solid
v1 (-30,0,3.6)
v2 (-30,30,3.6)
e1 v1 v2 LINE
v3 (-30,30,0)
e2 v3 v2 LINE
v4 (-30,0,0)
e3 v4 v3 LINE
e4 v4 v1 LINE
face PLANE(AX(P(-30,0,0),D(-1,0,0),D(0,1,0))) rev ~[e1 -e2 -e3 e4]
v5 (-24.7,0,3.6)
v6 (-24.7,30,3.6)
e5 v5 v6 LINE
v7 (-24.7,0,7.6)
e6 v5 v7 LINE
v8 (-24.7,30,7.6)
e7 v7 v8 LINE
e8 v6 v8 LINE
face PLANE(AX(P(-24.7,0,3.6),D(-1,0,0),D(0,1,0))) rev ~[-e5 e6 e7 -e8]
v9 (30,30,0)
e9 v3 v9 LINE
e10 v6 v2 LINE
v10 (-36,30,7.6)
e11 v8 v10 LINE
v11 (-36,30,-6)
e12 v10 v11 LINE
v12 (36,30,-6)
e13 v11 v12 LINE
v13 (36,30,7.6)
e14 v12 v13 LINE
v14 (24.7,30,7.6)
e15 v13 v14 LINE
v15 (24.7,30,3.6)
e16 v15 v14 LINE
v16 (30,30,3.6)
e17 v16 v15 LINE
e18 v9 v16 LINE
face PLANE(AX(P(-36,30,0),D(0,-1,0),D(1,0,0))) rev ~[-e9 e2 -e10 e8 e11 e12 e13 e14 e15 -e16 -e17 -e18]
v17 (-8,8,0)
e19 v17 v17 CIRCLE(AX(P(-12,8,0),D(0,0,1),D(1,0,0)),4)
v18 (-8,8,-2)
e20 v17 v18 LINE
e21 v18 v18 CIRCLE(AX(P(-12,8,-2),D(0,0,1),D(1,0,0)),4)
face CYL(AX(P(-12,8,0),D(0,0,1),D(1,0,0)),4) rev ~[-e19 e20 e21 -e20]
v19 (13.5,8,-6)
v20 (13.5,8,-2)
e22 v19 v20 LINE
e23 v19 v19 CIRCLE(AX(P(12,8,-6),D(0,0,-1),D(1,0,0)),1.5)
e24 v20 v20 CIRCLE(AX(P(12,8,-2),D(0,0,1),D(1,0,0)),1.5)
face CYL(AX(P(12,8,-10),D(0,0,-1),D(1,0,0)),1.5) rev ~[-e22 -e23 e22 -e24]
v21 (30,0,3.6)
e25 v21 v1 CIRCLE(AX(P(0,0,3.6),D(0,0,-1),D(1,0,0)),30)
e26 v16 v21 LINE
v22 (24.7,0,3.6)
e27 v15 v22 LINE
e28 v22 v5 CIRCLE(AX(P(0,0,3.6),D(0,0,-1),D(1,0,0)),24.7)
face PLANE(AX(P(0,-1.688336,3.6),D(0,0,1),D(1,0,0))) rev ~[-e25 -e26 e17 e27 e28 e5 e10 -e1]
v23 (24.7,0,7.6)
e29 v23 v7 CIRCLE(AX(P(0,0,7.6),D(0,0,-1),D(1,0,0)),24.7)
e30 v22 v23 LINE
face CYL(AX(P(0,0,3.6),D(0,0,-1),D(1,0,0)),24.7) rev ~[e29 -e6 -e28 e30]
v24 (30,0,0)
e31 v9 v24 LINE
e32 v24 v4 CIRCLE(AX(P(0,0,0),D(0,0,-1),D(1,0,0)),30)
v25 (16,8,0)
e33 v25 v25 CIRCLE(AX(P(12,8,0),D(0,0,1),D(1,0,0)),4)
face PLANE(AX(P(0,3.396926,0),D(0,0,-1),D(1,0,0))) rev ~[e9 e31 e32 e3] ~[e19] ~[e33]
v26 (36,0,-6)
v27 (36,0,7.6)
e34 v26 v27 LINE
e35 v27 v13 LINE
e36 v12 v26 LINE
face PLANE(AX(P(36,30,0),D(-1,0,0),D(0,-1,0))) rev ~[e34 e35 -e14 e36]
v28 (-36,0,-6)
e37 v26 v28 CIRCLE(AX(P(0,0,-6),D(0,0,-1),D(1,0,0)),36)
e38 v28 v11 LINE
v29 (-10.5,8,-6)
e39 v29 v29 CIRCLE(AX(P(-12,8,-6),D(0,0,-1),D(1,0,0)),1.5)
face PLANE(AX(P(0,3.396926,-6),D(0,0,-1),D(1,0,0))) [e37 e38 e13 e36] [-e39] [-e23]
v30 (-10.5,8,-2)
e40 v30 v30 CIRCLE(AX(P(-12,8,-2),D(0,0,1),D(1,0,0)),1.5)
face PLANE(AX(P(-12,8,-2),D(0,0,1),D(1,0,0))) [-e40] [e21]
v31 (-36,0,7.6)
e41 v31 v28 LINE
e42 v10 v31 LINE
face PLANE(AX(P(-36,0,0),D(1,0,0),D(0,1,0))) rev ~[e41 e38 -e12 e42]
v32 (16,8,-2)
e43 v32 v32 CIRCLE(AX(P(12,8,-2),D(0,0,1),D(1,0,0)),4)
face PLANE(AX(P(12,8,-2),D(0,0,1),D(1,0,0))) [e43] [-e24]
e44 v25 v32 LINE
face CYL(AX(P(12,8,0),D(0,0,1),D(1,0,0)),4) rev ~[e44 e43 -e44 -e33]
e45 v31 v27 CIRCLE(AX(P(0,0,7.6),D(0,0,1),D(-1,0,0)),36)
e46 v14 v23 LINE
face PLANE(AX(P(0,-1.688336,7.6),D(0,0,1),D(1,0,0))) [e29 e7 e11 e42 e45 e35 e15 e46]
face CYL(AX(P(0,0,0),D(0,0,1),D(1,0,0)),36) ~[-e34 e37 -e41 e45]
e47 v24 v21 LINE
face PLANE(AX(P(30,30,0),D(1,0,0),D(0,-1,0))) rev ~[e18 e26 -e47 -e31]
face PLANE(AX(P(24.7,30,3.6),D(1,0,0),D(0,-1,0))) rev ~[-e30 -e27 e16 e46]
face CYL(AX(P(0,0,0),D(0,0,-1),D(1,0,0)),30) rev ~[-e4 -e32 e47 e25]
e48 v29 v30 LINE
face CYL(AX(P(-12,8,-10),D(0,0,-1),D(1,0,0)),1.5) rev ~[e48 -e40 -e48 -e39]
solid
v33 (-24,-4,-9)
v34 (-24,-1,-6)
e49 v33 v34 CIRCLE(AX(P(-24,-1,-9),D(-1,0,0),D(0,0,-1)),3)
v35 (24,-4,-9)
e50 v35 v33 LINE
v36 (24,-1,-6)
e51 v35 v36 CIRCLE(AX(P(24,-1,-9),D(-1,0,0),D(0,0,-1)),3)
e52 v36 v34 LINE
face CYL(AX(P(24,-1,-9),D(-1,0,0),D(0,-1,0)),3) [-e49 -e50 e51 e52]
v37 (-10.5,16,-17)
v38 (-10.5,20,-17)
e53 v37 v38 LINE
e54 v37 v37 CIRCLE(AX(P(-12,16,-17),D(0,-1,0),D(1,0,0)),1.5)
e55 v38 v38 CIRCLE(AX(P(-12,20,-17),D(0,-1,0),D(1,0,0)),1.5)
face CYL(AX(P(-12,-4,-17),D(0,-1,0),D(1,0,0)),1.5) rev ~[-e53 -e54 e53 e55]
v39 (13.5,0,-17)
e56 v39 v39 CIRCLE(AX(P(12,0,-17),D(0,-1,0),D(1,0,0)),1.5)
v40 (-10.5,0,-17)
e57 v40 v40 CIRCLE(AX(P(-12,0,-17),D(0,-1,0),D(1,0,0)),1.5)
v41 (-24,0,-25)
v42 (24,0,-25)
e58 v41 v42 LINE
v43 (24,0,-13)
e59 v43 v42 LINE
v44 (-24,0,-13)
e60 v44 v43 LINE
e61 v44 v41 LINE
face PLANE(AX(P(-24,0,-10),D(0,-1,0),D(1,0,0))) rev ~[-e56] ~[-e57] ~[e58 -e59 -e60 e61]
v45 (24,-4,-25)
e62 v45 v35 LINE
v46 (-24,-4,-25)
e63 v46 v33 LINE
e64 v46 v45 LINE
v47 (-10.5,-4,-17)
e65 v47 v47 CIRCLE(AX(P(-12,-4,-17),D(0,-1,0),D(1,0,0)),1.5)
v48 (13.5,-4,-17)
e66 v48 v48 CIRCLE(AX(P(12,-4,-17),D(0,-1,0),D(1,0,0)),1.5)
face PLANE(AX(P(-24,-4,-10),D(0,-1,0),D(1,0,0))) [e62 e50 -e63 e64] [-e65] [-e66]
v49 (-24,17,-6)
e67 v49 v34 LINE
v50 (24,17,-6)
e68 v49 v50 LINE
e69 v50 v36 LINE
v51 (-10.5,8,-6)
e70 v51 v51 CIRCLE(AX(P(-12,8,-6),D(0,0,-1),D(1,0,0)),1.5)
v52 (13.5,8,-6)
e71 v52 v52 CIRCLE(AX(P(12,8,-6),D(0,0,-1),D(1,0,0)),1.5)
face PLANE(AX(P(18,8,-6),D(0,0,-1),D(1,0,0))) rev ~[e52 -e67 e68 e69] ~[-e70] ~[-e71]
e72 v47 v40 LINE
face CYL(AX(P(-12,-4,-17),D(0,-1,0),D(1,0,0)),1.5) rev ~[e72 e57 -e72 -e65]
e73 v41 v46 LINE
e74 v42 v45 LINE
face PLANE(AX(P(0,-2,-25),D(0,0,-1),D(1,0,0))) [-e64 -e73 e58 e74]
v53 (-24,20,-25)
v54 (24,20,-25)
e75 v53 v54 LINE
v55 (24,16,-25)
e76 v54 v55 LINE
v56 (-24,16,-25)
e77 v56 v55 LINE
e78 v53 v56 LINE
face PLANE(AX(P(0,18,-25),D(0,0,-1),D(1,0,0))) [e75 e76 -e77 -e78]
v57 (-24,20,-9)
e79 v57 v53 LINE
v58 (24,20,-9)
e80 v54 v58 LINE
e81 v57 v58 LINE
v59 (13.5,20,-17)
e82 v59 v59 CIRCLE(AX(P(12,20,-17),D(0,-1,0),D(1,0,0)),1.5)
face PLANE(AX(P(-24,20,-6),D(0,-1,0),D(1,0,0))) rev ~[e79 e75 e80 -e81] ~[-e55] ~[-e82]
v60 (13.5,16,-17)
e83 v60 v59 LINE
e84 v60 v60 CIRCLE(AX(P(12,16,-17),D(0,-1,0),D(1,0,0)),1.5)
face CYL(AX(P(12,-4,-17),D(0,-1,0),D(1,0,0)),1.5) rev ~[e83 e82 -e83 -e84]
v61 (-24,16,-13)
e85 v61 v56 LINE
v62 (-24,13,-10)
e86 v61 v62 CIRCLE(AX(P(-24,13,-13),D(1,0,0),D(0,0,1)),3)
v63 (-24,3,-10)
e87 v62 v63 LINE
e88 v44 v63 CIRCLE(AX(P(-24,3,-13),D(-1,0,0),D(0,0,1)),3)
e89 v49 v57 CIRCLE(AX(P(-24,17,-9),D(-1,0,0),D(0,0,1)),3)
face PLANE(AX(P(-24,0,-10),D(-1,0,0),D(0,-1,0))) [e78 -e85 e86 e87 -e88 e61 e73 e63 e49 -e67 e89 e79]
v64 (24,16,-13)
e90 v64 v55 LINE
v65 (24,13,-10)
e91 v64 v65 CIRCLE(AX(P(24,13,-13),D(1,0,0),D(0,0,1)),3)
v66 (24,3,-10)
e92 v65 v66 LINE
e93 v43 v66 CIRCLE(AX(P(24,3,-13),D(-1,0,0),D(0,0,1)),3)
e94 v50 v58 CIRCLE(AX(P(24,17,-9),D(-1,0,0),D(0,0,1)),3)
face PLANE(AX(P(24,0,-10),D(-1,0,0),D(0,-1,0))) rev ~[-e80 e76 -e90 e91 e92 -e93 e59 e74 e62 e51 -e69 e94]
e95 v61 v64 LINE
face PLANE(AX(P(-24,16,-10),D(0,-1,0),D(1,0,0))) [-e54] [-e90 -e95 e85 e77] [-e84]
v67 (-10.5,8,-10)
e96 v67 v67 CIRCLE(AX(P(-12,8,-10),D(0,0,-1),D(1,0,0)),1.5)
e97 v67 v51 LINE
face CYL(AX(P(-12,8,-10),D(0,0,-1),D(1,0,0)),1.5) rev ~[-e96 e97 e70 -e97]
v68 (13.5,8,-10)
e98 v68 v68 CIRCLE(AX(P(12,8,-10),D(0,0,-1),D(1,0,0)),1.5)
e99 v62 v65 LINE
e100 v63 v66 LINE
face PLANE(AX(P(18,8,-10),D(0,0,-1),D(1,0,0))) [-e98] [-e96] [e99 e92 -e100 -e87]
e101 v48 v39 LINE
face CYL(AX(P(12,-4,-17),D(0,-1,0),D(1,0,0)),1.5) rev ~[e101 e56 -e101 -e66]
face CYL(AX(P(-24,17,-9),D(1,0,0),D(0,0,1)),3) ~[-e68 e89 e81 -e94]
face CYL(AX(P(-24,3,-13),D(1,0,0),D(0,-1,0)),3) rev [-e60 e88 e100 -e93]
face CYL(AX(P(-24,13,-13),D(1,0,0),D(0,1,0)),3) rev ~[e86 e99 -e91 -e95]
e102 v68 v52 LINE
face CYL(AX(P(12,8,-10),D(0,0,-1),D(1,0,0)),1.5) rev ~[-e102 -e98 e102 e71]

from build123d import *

# Parameters (mm, degrees)
F1_DEPTH  = 3.6
F3_DEPTH  = 4
F5_DEPTH  = 6
F6_W      = 12
F6_H      = 24
F6_W_2    = 24
F7_DEPTH  = 4
F8_W      = 48
F8_H      = 4
F9_DEPTH  = 15
F10_R     = 1.5
F11_DEPTH = 10
F12_R     = 4
F12_R_2   = 1.5
F13_DEPTH = 2
F14_R     = 3
F15_R     = 1.5
F16_DEPTH = 34.001


with BuildPart() as f1:
    # F0 (on Top) → F1 (new body)
    with BuildSketch(Plane.XY):
        with BuildLine():
            ThreePointArc((30, 0), (0, -30), (-30, 0))
            Line((-30, 0), (-30, 30))
            Line((-30, 30), (-36, 30))
            Line((-36, 30), (-36, 0))
            ThreePointArc((-36, 0), (0, -36), (36, 0))
            Line((36, 0), (36, 30))
            Line((36, 30), (30, 30))
            Line((30, 30), (30, 0))
        make_face()
    extrude(amount=F1_DEPTH)

    # F2 (on face) → F3 (join)
    with BuildSketch(Plane.XY.offset(3.6)):
        with BuildLine():
            Line((-30, 30), (-30, 0))
            ThreePointArc((-30, 0), (0, -30), (30, 0))
            Line((30, 0), (30, 30))
            Line((30, 30), (24.7, 30))
            Line((24.7, 30), (24.7, 0))
            ThreePointArc((24.7, 0), (0, -24.7), (-24.7, 0))
            Line((-24.7, 0), (-24.7, 30))
            Line((-24.7, 30), (-30, 30))
        make_face()
        with BuildLine():
            ThreePointArc((30, 0), (0, -30), (-30, 0))
            Line((-30, 0), (-30, 30))
            Line((-30, 30), (-36, 30))
            Line((-36, 30), (-36, 0))
            ThreePointArc((-36, 0), (0, -36), (36, 0))
            Line((36, 0), (36, 30))
            Line((36, 30), (30, 30))
            Line((30, 30), (30, 0))
        make_face()
    extrude(amount=F3_DEPTH)

    # F4 (on face) → F5 (join)
    with BuildSketch(Plane(origin=(0, 0, 0), x_dir=(1, 0, 0), z_dir=(0, 0, -1))):
        with BuildLine():
            ThreePointArc((36, 0), (0, 36), (-36, 0))
            Line((-36, 0), (-36, -30))
            Line((-36, -30), (-30, -30))
            Line((-30, -30), (30, -30))
            Line((30, -30), (36, -30))
            Line((36, -30), (36, 0))
        make_face()
    extrude(amount=F5_DEPTH)


with BuildPart() as f7:
    # F6 (on face) → F7 (new body)
    with BuildSketch(Plane(origin=(0, 0, -6), x_dir=(1, 0, 0), z_dir=(0, 0, -1))):
        with Locations((18, -8)):
            Rectangle(F6_W, F6_H)
        with Locations((-18, -8)):
            Rectangle(F6_W, F6_H)
        with Locations((0, -8)):
            Rectangle(F6_W_2, F6_H)
    extrude(amount=F7_DEPTH)

    # F8 (on face) → F9 (join)
    with BuildSketch(Plane(origin=(0, 0, -10), x_dir=(1, 0, 0), z_dir=(0, 0, -1))):
        with Locations((0, 2)):
            Rectangle(F8_W, F8_H)
        with Locations((0, -18)):
            Rectangle(F8_W, F8_H)
    extrude(amount=F9_DEPTH)


with BuildPart() as f11_tool:
    # F10 (on face) → F11 (new body)
    with BuildSketch(Plane(origin=(0, 0, -10), x_dir=(1, 0, 0), z_dir=(0, 0, -1))):
        with Locations((12, -8)):
            Circle(F10_R)
        with Locations((-12, -8)):
            Circle(F10_R)
    extrude(amount=-F11_DEPTH)


with BuildPart() as f1_1:
    add(f1.part)

    # F11: cut by f11_tool
    add(f11_tool.part, mode=Mode.SUBTRACT)

    # F12 (on face) → F13 (cut)
    with BuildSketch(Plane.XY):
        with Locations((-12, 8)):
            Circle(F12_R)
        with Locations((-12, 8)):
            Circle(F12_R_2, mode=Mode.SUBTRACT)
        with Locations((12, 8)):
            Circle(F12_R)
        with Locations((12, 8)):
            Circle(F12_R_2, mode=Mode.SUBTRACT)
    extrude(amount=-F13_DEPTH, mode=Mode.SUBTRACT)


with BuildPart() as f7_1:
    add(f7.part)

    # F11: cut by f11_tool
    add(f11_tool.part, mode=Mode.SUBTRACT)

    # F14
    f14_edges = [f7_1.edges().sort_by_distance(p)[0] for p in [
        (0, 0, -10),
        (0, 16, -10),
        (0, -4, -6),
        (0, 20, -6),
    ]]
    fillet(f14_edges, radius=F14_R)

    # F15 (on face) → F16 (cut, through all)
    with BuildSketch(Plane.XZ.offset(4)):
        with Locations((-12, -17)):
            Circle(F15_R)
        with Locations((12, -17)):
            Circle(F15_R)
    extrude(amount=-F16_DEPTH, mode=Mode.SUBTRACT)


solid = Compound([f1_1.part, f7_1.part])
